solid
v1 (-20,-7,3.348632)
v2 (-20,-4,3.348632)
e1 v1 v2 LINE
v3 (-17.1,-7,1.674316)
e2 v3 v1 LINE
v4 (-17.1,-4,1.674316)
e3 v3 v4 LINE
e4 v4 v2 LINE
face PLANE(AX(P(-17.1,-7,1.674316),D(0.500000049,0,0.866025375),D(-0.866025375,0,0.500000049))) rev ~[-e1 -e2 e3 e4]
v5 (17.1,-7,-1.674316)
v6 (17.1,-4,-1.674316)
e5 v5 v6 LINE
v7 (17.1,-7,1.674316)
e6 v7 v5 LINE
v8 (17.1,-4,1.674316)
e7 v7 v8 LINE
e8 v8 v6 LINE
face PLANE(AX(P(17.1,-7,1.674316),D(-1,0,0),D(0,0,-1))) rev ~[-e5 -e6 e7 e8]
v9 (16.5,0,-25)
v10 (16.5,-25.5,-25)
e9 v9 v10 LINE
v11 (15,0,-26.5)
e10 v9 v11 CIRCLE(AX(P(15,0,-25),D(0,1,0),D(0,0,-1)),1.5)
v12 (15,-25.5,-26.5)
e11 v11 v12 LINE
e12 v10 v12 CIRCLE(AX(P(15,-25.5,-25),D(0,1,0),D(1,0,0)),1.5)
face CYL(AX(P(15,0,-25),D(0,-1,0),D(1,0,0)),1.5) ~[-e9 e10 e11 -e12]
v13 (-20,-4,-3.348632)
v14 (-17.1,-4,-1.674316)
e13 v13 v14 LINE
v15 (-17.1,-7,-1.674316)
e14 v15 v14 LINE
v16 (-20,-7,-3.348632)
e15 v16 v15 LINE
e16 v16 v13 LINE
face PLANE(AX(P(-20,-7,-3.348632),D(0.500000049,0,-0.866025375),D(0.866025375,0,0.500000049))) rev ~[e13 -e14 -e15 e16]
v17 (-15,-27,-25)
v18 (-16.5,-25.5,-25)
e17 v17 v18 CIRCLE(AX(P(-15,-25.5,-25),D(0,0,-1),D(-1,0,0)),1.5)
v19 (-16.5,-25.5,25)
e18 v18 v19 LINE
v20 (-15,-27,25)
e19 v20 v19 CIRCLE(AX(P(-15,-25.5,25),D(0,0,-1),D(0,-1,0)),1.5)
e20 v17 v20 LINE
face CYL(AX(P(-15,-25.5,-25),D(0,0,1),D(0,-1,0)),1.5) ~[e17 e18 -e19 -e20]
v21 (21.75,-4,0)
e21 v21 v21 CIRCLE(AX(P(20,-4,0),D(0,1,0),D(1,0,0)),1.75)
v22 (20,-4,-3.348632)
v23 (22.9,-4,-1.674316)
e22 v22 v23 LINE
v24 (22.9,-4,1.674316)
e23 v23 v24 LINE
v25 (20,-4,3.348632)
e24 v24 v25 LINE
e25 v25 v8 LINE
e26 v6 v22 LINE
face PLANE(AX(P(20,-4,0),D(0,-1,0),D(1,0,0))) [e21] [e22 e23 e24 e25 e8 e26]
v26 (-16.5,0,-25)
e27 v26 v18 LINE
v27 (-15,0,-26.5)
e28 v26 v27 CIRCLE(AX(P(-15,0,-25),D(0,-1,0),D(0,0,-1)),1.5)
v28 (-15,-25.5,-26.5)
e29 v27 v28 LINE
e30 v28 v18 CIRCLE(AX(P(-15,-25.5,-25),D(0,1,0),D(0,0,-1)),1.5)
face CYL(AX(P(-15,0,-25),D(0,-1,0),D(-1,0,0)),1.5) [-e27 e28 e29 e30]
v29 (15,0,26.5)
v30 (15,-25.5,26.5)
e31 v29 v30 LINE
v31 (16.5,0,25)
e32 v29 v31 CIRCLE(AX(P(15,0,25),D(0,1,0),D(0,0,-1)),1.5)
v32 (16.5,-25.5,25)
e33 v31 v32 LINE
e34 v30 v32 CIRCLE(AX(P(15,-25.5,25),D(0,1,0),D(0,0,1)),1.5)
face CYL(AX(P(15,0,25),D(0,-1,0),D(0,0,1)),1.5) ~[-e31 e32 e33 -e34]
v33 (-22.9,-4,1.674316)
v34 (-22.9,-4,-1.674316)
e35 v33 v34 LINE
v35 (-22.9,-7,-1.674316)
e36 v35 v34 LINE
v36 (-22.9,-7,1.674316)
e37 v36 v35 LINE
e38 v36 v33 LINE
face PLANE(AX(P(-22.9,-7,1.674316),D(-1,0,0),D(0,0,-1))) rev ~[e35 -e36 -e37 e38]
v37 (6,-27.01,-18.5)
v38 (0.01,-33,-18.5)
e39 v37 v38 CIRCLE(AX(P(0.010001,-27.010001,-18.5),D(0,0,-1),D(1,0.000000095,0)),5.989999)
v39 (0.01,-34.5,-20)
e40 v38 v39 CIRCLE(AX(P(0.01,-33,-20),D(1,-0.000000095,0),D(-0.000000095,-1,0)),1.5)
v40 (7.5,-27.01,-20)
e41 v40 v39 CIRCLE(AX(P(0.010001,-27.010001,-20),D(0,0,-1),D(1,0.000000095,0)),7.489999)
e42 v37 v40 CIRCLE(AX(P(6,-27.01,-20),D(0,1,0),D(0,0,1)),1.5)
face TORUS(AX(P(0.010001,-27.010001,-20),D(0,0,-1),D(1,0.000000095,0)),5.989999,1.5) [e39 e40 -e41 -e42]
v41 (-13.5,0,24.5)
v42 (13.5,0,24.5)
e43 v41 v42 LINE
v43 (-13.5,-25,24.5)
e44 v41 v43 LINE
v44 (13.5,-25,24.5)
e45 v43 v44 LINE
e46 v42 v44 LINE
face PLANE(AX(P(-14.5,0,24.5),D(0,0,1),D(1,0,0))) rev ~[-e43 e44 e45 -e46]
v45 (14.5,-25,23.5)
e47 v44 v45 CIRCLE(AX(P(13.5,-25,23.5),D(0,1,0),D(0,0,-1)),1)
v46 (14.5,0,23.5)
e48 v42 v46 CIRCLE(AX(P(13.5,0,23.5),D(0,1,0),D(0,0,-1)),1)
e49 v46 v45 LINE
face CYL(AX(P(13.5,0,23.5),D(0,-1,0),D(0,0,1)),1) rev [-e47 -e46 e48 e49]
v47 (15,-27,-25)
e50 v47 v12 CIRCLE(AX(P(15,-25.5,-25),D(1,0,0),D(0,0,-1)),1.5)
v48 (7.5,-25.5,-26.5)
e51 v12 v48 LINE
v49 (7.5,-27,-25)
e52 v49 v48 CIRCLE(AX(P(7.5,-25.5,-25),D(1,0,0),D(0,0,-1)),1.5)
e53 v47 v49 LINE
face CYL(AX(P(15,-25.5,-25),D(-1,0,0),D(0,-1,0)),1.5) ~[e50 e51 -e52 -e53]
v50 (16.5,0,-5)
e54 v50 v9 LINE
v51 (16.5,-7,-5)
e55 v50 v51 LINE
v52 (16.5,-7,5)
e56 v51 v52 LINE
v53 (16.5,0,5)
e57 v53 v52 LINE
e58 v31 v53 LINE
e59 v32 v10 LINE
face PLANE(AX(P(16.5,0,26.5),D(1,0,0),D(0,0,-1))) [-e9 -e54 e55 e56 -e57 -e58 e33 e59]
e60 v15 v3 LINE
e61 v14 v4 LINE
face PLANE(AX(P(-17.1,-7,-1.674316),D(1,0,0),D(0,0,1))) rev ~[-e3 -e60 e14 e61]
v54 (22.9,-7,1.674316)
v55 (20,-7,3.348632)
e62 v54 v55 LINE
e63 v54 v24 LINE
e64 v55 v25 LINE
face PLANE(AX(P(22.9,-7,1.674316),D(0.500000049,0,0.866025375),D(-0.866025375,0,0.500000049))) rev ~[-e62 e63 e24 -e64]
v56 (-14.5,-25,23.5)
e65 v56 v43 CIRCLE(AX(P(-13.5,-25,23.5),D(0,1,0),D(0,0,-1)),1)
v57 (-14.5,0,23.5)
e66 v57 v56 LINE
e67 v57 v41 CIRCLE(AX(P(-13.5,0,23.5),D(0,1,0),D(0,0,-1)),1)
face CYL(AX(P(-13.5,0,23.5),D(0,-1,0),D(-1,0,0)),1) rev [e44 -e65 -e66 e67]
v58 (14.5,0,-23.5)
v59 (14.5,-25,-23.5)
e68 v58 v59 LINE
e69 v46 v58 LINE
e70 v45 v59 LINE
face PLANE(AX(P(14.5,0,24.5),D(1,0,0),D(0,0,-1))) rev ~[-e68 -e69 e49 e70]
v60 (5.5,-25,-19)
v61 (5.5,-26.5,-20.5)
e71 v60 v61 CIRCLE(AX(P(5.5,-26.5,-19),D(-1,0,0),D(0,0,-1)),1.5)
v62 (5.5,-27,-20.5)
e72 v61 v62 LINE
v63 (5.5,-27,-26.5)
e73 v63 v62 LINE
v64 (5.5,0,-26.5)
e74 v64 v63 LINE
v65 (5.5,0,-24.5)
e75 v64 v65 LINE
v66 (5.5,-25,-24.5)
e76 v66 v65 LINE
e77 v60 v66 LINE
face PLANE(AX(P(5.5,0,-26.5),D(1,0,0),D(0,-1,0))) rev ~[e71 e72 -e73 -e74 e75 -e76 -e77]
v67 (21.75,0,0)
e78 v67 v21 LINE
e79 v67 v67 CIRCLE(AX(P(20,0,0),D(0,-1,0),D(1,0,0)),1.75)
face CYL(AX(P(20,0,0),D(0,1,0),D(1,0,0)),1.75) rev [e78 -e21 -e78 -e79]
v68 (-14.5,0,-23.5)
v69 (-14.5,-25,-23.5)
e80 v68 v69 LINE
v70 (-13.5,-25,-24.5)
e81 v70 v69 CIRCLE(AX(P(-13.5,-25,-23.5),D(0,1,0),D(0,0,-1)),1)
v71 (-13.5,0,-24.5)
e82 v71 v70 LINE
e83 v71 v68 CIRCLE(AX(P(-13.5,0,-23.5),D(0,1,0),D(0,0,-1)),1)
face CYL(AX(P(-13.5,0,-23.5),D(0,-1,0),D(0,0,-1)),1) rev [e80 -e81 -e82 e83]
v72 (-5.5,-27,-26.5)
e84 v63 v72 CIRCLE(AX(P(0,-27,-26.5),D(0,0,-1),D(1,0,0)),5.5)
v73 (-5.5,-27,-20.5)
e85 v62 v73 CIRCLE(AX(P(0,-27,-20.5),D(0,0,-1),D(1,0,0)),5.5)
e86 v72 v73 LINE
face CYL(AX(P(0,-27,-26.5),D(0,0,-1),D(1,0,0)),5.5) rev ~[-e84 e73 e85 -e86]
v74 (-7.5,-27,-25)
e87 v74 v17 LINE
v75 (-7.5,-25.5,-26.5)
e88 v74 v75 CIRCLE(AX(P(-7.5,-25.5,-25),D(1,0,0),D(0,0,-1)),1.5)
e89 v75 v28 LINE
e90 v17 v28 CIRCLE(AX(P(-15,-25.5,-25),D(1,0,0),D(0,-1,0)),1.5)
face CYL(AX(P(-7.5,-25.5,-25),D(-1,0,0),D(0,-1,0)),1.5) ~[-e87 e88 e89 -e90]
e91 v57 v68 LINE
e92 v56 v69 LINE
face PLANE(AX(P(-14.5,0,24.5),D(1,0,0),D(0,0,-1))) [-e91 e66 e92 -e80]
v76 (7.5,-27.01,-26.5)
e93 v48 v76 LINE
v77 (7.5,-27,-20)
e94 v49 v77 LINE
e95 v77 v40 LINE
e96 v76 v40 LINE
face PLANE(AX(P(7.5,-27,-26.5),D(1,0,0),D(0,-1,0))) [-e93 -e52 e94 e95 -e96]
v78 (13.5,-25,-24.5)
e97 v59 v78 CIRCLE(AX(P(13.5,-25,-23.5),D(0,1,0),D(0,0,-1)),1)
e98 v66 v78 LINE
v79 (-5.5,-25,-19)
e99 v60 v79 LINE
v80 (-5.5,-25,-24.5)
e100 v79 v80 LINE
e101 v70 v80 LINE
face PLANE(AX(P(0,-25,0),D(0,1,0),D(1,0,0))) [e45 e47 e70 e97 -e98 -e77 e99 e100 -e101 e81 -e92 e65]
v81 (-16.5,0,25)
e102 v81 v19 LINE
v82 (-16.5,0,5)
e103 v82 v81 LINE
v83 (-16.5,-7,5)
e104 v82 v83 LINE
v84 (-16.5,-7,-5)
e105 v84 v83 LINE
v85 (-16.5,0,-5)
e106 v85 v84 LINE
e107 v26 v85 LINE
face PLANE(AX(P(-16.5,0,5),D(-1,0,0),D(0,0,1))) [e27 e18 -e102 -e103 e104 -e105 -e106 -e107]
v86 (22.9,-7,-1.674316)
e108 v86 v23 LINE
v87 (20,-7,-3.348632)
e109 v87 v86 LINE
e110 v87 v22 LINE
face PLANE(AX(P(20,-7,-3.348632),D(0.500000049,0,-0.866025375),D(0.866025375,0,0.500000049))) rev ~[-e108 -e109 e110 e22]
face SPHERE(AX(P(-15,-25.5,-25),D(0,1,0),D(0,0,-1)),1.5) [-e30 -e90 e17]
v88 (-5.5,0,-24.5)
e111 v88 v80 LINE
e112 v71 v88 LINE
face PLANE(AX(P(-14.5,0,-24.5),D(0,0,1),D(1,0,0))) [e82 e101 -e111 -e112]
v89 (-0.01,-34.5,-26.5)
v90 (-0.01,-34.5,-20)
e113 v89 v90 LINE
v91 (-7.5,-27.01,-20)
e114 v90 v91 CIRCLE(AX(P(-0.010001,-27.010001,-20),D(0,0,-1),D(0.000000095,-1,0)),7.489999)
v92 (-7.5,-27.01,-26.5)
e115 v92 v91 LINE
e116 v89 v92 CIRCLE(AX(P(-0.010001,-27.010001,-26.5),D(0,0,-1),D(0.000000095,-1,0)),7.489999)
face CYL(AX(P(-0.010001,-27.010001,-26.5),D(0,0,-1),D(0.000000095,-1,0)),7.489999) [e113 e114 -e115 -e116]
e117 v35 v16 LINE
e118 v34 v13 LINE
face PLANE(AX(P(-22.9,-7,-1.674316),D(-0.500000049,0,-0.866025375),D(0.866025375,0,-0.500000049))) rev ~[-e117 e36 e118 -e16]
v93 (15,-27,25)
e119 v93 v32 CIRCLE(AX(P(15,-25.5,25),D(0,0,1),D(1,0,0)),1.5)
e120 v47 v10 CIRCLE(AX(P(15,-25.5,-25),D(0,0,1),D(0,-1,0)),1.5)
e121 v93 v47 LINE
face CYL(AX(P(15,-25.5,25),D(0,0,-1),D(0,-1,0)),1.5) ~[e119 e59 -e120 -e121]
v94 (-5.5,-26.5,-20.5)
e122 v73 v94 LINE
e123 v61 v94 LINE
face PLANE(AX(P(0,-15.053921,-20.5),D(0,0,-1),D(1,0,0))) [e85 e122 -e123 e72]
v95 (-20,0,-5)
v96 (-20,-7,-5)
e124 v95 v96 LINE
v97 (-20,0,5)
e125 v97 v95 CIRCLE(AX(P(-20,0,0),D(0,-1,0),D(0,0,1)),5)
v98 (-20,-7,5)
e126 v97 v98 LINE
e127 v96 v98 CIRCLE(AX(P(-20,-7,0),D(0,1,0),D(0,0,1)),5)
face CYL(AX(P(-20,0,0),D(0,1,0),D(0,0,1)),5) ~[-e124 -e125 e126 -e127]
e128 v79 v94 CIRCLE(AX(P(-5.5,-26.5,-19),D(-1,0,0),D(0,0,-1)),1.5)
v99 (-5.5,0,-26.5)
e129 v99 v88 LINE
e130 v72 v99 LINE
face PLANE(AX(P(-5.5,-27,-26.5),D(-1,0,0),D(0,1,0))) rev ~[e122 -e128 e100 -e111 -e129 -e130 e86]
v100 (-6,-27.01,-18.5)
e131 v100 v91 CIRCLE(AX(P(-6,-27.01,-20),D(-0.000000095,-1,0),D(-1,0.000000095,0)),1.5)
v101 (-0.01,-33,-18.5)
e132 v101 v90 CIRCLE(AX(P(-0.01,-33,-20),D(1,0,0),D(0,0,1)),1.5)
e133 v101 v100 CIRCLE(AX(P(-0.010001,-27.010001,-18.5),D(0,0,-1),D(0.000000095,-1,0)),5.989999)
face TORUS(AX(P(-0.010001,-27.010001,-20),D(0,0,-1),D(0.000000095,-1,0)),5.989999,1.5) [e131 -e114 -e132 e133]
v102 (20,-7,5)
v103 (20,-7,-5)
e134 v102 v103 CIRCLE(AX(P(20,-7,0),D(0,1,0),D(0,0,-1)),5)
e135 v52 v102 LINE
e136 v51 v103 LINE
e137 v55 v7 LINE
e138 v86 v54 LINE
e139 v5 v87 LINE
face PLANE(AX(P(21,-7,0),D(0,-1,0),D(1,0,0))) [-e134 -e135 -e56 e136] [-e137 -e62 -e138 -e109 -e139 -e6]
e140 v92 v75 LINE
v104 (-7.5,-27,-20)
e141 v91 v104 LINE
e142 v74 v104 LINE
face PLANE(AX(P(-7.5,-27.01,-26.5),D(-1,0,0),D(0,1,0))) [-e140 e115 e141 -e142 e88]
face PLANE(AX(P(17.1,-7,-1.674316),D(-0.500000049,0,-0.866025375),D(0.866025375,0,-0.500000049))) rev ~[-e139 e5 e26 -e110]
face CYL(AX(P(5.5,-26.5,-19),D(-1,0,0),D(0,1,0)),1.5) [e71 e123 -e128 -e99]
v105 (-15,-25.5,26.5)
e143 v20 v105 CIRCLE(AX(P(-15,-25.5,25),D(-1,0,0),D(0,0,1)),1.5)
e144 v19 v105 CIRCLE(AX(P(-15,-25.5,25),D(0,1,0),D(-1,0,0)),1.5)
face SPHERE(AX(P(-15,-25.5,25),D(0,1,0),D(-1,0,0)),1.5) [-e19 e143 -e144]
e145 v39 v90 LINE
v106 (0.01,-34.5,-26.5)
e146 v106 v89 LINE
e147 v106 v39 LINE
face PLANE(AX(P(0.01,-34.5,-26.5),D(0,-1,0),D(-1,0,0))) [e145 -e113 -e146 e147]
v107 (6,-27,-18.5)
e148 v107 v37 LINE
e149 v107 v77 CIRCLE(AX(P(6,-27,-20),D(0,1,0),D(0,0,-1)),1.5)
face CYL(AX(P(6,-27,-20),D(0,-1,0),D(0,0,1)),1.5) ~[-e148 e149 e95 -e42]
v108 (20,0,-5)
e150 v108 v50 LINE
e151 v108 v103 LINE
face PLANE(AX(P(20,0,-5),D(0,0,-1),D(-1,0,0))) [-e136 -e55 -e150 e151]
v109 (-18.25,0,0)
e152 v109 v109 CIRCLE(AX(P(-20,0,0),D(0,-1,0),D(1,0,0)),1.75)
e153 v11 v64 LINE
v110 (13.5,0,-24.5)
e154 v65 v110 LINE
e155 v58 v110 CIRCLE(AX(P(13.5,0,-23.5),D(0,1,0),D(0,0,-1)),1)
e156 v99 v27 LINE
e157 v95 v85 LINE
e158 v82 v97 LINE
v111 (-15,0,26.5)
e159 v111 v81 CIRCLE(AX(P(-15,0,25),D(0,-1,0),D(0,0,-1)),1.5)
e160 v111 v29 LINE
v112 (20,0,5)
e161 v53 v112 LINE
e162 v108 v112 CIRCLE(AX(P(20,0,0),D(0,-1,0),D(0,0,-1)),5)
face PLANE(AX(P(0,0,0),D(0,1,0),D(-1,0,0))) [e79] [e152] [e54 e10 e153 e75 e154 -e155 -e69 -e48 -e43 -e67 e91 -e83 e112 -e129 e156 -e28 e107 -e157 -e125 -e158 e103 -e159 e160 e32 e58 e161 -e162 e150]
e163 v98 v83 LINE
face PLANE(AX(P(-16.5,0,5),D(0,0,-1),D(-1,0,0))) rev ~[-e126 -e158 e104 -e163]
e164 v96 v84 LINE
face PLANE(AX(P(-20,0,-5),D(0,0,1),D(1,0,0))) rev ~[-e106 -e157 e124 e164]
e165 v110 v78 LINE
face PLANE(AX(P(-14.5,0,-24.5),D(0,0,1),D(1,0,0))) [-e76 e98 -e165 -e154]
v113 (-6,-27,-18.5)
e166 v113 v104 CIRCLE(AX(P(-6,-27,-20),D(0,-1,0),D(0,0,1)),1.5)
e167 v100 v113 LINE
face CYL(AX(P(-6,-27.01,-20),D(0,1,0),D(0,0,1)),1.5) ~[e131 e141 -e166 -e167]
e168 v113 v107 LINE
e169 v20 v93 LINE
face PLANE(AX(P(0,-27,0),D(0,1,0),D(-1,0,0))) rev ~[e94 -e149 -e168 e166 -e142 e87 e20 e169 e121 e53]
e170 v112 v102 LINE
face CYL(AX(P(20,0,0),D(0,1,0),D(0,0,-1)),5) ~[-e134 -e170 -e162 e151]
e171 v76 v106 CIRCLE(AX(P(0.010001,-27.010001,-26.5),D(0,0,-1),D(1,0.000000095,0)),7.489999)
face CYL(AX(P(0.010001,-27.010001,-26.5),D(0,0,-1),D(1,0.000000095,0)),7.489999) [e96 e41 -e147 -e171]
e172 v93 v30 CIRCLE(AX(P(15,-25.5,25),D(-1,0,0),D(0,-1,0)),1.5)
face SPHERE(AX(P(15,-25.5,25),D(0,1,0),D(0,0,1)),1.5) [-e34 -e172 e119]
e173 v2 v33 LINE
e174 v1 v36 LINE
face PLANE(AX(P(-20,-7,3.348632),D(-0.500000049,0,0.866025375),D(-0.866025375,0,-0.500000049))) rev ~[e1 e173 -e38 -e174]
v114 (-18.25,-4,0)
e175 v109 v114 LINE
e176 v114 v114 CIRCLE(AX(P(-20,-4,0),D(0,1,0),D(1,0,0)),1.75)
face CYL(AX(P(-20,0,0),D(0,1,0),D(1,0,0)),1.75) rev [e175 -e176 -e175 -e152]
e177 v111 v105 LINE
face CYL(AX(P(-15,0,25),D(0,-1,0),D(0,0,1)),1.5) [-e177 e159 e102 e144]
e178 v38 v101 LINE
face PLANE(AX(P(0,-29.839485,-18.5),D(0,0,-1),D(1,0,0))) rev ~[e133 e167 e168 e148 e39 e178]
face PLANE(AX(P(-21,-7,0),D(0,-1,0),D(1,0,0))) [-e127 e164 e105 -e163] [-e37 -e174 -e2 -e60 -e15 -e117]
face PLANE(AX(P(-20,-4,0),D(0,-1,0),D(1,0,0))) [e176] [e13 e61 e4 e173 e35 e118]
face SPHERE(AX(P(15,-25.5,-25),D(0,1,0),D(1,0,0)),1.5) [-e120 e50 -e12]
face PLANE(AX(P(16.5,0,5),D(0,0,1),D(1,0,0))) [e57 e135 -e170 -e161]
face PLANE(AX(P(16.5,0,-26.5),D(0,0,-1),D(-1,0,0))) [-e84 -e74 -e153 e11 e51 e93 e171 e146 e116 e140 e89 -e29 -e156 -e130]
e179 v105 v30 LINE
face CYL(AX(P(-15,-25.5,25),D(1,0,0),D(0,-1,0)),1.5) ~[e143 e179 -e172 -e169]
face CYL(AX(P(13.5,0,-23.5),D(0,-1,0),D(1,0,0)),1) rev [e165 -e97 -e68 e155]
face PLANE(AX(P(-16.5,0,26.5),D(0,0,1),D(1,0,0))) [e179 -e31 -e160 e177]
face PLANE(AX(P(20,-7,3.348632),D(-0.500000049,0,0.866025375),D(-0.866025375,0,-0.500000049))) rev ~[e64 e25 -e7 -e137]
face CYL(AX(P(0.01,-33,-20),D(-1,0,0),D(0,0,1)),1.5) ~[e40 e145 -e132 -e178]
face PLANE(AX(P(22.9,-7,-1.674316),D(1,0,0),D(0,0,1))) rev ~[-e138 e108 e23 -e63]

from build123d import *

# Parameters (mm, degrees)
SKETCH_R        = 1.75
PAD_DEPTH       = 27
SKETCH001_W     = 29
SKETCH001_H     = 49
POCKET_DEPTH    = 25
SKETCH002_W     = 9
SKETCH002_H     = 10
POCKET001_DEPTH = 20
POCKET002_DEPTH = 3
PAD001_DEPTH    = 8
POCKET003_DEPTH = 6
FILLET_R        = 1.5
FILLET001_R     = 1.5
FILLET002_R     = 1.5
FILLET003_R     = 1


with BuildPart() as part:
    # Sketch → Pad (new body)
    with BuildSketch(Plane.XZ):
        with BuildLine():
            Line((-16.5, 26.5), (16.5, 26.5))
            Line((16.5, 26.5), (16.5, 5))
            Line((16.5, 5), (20, 5))
            ThreePointArc((20, -5), (25, 0), (20, 5))
            Line((20, -5), (16.5, -5))
            Line((16.5, -5), (16.5, -26.5))
            Line((16.5, -26.5), (-16.5, -26.5))
            Line((-16.5, -26.5), (-16.5, -5))
            Line((-20, -5), (-16.5, -5))
            ThreePointArc((-20, 5), (-25, 0), (-20, -5))
            Line((-16.5, 5), (-20, 5))
            Line((-16.5, 5), (-16.5, 26.5))
        make_face()
        with Locations((-20, 0)):
            Circle(SKETCH_R, mode=Mode.SUBTRACT)
        with Locations((20, 0)):
            Circle(SKETCH_R, mode=Mode.SUBTRACT)
    extrude(amount=PAD_DEPTH)

    # Sketch001 (on Face15 of Pad) → Pocket (cut)
    with BuildSketch(Plane(origin=(0, 0, 0), x_dir=(1, 0, 0), z_dir=(0, 1, 0))):
        Rectangle(SKETCH001_W, SKETCH001_H)
    extrude(amount=-POCKET_DEPTH, mode=Mode.SUBTRACT)

    # Sketch002 (on Face5 of Pocket) → Pocket001 (cut)
    with BuildSketch(Plane.XZ.offset(27)):
        with Locations((-21, 0)):
            Rectangle(SKETCH002_W, SKETCH002_H)
        with Locations((21, 0)):
            Rectangle(SKETCH002_W, SKETCH002_H)
    extrude(amount=-POCKET001_DEPTH, mode=Mode.SUBTRACT)

    # Sketch003 (on Face8 of Pocket001) → Pocket002 (cut)
    with BuildSketch(Plane.XZ.offset(7)):
        Polygon((-17.1, 1.674316), (-20, 3.348632), (-22.9, 1.674316), (-22.9, -1.674316), (-20, -3.348632), (-17.1, -1.674316), align=None)
        Polygon((22.9, 1.674316), (20, 3.348632), (17.1, 1.674316), (17.1, -1.674316), (20, -3.348632), (22.9, -1.674316), align=None)
    extrude(amount=-POCKET002_DEPTH, mode=Mode.SUBTRACT)

    # Sketch004 (on Face14 of Pocket002) → Pad001 (join)
    with BuildSketch(Plane(origin=(0, 0, -26.5), x_dir=(1, 0, 0), z_dir=(0, 0, -1))):
        with BuildLine():
            Line((-7.5, 27), (7.5, 27))
            Line((7.5, 27), (7.5, 27.01))
            ThreePointArc((7.5, 27.01), (5.30623, 32.30623), (0.01, 34.5))
            Line((0.01, 34.5), (-0.01, 34.5))
            ThreePointArc((-0.01, 34.5), (-5.30623, 32.30623), (-7.5, 27.01))
            Line((-7.5, 27.01), (-7.5, 27))
        make_face()
    extrude(amount=-PAD001_DEPTH)

    # Sketch005 (on Face14 of Pad001) → Pocket003 (cut)
    with BuildSketch(Plane(origin=(0, 0, -26.5), x_dir=(1, 0, 0), z_dir=(0, 0, -1))):
        with BuildLine():
            Line((-5.5, 0), (5.5, 0))
            Line((5.5, 0), (5.5, 27))
            ThreePointArc((5.5, 27), (0, 32.5), (-5.5, 27))
            Line((-5.5, 27), (-5.5, 0))
        make_face()
    extrude(amount=-POCKET003_DEPTH, mode=Mode.SUBTRACT)

    # Fillet
    fillet_edges = [part.edges().sort_by_distance(p)[0] for p in [
        (16.5, -13.5, 26.5),
        (-16.5, -13.5, 26.5),
        (-16.5, -13.5, -26.5),
        (16.5, -13.5, -26.5),
    ]]
    fillet(fillet_edges, radius=FILLET_R)

    # Fillet001
    fillet001_edges = [part.edges().sort_by_distance(p)[0] for p in [
        (-16.5, -27, -15),
    ]]
    fillet(fillet001_edges, radius=FILLET001_R)

    # Fillet002
    fillet002_edges = [part.edges().sort_by_distance(p)[0] for p in [
        (0, -25, -20.5),
        (5.30623, -32.30623, -18.5),
    ]]
    fillet(fillet002_edges, radius=FILLET002_R)

    # Fillet003
    fillet003_edges = [part.edges().sort_by_distance(p)[0] for p in [
        (14.5, -12.5, -24.5),
        (-14.5, -12.5, -24.5),
        (-14.5, -12.5, 24.5),
        (14.5, -12.5, 24.5),
    ]]
    fillet(fillet003_edges, radius=FILLET003_R)


solid = part.part
